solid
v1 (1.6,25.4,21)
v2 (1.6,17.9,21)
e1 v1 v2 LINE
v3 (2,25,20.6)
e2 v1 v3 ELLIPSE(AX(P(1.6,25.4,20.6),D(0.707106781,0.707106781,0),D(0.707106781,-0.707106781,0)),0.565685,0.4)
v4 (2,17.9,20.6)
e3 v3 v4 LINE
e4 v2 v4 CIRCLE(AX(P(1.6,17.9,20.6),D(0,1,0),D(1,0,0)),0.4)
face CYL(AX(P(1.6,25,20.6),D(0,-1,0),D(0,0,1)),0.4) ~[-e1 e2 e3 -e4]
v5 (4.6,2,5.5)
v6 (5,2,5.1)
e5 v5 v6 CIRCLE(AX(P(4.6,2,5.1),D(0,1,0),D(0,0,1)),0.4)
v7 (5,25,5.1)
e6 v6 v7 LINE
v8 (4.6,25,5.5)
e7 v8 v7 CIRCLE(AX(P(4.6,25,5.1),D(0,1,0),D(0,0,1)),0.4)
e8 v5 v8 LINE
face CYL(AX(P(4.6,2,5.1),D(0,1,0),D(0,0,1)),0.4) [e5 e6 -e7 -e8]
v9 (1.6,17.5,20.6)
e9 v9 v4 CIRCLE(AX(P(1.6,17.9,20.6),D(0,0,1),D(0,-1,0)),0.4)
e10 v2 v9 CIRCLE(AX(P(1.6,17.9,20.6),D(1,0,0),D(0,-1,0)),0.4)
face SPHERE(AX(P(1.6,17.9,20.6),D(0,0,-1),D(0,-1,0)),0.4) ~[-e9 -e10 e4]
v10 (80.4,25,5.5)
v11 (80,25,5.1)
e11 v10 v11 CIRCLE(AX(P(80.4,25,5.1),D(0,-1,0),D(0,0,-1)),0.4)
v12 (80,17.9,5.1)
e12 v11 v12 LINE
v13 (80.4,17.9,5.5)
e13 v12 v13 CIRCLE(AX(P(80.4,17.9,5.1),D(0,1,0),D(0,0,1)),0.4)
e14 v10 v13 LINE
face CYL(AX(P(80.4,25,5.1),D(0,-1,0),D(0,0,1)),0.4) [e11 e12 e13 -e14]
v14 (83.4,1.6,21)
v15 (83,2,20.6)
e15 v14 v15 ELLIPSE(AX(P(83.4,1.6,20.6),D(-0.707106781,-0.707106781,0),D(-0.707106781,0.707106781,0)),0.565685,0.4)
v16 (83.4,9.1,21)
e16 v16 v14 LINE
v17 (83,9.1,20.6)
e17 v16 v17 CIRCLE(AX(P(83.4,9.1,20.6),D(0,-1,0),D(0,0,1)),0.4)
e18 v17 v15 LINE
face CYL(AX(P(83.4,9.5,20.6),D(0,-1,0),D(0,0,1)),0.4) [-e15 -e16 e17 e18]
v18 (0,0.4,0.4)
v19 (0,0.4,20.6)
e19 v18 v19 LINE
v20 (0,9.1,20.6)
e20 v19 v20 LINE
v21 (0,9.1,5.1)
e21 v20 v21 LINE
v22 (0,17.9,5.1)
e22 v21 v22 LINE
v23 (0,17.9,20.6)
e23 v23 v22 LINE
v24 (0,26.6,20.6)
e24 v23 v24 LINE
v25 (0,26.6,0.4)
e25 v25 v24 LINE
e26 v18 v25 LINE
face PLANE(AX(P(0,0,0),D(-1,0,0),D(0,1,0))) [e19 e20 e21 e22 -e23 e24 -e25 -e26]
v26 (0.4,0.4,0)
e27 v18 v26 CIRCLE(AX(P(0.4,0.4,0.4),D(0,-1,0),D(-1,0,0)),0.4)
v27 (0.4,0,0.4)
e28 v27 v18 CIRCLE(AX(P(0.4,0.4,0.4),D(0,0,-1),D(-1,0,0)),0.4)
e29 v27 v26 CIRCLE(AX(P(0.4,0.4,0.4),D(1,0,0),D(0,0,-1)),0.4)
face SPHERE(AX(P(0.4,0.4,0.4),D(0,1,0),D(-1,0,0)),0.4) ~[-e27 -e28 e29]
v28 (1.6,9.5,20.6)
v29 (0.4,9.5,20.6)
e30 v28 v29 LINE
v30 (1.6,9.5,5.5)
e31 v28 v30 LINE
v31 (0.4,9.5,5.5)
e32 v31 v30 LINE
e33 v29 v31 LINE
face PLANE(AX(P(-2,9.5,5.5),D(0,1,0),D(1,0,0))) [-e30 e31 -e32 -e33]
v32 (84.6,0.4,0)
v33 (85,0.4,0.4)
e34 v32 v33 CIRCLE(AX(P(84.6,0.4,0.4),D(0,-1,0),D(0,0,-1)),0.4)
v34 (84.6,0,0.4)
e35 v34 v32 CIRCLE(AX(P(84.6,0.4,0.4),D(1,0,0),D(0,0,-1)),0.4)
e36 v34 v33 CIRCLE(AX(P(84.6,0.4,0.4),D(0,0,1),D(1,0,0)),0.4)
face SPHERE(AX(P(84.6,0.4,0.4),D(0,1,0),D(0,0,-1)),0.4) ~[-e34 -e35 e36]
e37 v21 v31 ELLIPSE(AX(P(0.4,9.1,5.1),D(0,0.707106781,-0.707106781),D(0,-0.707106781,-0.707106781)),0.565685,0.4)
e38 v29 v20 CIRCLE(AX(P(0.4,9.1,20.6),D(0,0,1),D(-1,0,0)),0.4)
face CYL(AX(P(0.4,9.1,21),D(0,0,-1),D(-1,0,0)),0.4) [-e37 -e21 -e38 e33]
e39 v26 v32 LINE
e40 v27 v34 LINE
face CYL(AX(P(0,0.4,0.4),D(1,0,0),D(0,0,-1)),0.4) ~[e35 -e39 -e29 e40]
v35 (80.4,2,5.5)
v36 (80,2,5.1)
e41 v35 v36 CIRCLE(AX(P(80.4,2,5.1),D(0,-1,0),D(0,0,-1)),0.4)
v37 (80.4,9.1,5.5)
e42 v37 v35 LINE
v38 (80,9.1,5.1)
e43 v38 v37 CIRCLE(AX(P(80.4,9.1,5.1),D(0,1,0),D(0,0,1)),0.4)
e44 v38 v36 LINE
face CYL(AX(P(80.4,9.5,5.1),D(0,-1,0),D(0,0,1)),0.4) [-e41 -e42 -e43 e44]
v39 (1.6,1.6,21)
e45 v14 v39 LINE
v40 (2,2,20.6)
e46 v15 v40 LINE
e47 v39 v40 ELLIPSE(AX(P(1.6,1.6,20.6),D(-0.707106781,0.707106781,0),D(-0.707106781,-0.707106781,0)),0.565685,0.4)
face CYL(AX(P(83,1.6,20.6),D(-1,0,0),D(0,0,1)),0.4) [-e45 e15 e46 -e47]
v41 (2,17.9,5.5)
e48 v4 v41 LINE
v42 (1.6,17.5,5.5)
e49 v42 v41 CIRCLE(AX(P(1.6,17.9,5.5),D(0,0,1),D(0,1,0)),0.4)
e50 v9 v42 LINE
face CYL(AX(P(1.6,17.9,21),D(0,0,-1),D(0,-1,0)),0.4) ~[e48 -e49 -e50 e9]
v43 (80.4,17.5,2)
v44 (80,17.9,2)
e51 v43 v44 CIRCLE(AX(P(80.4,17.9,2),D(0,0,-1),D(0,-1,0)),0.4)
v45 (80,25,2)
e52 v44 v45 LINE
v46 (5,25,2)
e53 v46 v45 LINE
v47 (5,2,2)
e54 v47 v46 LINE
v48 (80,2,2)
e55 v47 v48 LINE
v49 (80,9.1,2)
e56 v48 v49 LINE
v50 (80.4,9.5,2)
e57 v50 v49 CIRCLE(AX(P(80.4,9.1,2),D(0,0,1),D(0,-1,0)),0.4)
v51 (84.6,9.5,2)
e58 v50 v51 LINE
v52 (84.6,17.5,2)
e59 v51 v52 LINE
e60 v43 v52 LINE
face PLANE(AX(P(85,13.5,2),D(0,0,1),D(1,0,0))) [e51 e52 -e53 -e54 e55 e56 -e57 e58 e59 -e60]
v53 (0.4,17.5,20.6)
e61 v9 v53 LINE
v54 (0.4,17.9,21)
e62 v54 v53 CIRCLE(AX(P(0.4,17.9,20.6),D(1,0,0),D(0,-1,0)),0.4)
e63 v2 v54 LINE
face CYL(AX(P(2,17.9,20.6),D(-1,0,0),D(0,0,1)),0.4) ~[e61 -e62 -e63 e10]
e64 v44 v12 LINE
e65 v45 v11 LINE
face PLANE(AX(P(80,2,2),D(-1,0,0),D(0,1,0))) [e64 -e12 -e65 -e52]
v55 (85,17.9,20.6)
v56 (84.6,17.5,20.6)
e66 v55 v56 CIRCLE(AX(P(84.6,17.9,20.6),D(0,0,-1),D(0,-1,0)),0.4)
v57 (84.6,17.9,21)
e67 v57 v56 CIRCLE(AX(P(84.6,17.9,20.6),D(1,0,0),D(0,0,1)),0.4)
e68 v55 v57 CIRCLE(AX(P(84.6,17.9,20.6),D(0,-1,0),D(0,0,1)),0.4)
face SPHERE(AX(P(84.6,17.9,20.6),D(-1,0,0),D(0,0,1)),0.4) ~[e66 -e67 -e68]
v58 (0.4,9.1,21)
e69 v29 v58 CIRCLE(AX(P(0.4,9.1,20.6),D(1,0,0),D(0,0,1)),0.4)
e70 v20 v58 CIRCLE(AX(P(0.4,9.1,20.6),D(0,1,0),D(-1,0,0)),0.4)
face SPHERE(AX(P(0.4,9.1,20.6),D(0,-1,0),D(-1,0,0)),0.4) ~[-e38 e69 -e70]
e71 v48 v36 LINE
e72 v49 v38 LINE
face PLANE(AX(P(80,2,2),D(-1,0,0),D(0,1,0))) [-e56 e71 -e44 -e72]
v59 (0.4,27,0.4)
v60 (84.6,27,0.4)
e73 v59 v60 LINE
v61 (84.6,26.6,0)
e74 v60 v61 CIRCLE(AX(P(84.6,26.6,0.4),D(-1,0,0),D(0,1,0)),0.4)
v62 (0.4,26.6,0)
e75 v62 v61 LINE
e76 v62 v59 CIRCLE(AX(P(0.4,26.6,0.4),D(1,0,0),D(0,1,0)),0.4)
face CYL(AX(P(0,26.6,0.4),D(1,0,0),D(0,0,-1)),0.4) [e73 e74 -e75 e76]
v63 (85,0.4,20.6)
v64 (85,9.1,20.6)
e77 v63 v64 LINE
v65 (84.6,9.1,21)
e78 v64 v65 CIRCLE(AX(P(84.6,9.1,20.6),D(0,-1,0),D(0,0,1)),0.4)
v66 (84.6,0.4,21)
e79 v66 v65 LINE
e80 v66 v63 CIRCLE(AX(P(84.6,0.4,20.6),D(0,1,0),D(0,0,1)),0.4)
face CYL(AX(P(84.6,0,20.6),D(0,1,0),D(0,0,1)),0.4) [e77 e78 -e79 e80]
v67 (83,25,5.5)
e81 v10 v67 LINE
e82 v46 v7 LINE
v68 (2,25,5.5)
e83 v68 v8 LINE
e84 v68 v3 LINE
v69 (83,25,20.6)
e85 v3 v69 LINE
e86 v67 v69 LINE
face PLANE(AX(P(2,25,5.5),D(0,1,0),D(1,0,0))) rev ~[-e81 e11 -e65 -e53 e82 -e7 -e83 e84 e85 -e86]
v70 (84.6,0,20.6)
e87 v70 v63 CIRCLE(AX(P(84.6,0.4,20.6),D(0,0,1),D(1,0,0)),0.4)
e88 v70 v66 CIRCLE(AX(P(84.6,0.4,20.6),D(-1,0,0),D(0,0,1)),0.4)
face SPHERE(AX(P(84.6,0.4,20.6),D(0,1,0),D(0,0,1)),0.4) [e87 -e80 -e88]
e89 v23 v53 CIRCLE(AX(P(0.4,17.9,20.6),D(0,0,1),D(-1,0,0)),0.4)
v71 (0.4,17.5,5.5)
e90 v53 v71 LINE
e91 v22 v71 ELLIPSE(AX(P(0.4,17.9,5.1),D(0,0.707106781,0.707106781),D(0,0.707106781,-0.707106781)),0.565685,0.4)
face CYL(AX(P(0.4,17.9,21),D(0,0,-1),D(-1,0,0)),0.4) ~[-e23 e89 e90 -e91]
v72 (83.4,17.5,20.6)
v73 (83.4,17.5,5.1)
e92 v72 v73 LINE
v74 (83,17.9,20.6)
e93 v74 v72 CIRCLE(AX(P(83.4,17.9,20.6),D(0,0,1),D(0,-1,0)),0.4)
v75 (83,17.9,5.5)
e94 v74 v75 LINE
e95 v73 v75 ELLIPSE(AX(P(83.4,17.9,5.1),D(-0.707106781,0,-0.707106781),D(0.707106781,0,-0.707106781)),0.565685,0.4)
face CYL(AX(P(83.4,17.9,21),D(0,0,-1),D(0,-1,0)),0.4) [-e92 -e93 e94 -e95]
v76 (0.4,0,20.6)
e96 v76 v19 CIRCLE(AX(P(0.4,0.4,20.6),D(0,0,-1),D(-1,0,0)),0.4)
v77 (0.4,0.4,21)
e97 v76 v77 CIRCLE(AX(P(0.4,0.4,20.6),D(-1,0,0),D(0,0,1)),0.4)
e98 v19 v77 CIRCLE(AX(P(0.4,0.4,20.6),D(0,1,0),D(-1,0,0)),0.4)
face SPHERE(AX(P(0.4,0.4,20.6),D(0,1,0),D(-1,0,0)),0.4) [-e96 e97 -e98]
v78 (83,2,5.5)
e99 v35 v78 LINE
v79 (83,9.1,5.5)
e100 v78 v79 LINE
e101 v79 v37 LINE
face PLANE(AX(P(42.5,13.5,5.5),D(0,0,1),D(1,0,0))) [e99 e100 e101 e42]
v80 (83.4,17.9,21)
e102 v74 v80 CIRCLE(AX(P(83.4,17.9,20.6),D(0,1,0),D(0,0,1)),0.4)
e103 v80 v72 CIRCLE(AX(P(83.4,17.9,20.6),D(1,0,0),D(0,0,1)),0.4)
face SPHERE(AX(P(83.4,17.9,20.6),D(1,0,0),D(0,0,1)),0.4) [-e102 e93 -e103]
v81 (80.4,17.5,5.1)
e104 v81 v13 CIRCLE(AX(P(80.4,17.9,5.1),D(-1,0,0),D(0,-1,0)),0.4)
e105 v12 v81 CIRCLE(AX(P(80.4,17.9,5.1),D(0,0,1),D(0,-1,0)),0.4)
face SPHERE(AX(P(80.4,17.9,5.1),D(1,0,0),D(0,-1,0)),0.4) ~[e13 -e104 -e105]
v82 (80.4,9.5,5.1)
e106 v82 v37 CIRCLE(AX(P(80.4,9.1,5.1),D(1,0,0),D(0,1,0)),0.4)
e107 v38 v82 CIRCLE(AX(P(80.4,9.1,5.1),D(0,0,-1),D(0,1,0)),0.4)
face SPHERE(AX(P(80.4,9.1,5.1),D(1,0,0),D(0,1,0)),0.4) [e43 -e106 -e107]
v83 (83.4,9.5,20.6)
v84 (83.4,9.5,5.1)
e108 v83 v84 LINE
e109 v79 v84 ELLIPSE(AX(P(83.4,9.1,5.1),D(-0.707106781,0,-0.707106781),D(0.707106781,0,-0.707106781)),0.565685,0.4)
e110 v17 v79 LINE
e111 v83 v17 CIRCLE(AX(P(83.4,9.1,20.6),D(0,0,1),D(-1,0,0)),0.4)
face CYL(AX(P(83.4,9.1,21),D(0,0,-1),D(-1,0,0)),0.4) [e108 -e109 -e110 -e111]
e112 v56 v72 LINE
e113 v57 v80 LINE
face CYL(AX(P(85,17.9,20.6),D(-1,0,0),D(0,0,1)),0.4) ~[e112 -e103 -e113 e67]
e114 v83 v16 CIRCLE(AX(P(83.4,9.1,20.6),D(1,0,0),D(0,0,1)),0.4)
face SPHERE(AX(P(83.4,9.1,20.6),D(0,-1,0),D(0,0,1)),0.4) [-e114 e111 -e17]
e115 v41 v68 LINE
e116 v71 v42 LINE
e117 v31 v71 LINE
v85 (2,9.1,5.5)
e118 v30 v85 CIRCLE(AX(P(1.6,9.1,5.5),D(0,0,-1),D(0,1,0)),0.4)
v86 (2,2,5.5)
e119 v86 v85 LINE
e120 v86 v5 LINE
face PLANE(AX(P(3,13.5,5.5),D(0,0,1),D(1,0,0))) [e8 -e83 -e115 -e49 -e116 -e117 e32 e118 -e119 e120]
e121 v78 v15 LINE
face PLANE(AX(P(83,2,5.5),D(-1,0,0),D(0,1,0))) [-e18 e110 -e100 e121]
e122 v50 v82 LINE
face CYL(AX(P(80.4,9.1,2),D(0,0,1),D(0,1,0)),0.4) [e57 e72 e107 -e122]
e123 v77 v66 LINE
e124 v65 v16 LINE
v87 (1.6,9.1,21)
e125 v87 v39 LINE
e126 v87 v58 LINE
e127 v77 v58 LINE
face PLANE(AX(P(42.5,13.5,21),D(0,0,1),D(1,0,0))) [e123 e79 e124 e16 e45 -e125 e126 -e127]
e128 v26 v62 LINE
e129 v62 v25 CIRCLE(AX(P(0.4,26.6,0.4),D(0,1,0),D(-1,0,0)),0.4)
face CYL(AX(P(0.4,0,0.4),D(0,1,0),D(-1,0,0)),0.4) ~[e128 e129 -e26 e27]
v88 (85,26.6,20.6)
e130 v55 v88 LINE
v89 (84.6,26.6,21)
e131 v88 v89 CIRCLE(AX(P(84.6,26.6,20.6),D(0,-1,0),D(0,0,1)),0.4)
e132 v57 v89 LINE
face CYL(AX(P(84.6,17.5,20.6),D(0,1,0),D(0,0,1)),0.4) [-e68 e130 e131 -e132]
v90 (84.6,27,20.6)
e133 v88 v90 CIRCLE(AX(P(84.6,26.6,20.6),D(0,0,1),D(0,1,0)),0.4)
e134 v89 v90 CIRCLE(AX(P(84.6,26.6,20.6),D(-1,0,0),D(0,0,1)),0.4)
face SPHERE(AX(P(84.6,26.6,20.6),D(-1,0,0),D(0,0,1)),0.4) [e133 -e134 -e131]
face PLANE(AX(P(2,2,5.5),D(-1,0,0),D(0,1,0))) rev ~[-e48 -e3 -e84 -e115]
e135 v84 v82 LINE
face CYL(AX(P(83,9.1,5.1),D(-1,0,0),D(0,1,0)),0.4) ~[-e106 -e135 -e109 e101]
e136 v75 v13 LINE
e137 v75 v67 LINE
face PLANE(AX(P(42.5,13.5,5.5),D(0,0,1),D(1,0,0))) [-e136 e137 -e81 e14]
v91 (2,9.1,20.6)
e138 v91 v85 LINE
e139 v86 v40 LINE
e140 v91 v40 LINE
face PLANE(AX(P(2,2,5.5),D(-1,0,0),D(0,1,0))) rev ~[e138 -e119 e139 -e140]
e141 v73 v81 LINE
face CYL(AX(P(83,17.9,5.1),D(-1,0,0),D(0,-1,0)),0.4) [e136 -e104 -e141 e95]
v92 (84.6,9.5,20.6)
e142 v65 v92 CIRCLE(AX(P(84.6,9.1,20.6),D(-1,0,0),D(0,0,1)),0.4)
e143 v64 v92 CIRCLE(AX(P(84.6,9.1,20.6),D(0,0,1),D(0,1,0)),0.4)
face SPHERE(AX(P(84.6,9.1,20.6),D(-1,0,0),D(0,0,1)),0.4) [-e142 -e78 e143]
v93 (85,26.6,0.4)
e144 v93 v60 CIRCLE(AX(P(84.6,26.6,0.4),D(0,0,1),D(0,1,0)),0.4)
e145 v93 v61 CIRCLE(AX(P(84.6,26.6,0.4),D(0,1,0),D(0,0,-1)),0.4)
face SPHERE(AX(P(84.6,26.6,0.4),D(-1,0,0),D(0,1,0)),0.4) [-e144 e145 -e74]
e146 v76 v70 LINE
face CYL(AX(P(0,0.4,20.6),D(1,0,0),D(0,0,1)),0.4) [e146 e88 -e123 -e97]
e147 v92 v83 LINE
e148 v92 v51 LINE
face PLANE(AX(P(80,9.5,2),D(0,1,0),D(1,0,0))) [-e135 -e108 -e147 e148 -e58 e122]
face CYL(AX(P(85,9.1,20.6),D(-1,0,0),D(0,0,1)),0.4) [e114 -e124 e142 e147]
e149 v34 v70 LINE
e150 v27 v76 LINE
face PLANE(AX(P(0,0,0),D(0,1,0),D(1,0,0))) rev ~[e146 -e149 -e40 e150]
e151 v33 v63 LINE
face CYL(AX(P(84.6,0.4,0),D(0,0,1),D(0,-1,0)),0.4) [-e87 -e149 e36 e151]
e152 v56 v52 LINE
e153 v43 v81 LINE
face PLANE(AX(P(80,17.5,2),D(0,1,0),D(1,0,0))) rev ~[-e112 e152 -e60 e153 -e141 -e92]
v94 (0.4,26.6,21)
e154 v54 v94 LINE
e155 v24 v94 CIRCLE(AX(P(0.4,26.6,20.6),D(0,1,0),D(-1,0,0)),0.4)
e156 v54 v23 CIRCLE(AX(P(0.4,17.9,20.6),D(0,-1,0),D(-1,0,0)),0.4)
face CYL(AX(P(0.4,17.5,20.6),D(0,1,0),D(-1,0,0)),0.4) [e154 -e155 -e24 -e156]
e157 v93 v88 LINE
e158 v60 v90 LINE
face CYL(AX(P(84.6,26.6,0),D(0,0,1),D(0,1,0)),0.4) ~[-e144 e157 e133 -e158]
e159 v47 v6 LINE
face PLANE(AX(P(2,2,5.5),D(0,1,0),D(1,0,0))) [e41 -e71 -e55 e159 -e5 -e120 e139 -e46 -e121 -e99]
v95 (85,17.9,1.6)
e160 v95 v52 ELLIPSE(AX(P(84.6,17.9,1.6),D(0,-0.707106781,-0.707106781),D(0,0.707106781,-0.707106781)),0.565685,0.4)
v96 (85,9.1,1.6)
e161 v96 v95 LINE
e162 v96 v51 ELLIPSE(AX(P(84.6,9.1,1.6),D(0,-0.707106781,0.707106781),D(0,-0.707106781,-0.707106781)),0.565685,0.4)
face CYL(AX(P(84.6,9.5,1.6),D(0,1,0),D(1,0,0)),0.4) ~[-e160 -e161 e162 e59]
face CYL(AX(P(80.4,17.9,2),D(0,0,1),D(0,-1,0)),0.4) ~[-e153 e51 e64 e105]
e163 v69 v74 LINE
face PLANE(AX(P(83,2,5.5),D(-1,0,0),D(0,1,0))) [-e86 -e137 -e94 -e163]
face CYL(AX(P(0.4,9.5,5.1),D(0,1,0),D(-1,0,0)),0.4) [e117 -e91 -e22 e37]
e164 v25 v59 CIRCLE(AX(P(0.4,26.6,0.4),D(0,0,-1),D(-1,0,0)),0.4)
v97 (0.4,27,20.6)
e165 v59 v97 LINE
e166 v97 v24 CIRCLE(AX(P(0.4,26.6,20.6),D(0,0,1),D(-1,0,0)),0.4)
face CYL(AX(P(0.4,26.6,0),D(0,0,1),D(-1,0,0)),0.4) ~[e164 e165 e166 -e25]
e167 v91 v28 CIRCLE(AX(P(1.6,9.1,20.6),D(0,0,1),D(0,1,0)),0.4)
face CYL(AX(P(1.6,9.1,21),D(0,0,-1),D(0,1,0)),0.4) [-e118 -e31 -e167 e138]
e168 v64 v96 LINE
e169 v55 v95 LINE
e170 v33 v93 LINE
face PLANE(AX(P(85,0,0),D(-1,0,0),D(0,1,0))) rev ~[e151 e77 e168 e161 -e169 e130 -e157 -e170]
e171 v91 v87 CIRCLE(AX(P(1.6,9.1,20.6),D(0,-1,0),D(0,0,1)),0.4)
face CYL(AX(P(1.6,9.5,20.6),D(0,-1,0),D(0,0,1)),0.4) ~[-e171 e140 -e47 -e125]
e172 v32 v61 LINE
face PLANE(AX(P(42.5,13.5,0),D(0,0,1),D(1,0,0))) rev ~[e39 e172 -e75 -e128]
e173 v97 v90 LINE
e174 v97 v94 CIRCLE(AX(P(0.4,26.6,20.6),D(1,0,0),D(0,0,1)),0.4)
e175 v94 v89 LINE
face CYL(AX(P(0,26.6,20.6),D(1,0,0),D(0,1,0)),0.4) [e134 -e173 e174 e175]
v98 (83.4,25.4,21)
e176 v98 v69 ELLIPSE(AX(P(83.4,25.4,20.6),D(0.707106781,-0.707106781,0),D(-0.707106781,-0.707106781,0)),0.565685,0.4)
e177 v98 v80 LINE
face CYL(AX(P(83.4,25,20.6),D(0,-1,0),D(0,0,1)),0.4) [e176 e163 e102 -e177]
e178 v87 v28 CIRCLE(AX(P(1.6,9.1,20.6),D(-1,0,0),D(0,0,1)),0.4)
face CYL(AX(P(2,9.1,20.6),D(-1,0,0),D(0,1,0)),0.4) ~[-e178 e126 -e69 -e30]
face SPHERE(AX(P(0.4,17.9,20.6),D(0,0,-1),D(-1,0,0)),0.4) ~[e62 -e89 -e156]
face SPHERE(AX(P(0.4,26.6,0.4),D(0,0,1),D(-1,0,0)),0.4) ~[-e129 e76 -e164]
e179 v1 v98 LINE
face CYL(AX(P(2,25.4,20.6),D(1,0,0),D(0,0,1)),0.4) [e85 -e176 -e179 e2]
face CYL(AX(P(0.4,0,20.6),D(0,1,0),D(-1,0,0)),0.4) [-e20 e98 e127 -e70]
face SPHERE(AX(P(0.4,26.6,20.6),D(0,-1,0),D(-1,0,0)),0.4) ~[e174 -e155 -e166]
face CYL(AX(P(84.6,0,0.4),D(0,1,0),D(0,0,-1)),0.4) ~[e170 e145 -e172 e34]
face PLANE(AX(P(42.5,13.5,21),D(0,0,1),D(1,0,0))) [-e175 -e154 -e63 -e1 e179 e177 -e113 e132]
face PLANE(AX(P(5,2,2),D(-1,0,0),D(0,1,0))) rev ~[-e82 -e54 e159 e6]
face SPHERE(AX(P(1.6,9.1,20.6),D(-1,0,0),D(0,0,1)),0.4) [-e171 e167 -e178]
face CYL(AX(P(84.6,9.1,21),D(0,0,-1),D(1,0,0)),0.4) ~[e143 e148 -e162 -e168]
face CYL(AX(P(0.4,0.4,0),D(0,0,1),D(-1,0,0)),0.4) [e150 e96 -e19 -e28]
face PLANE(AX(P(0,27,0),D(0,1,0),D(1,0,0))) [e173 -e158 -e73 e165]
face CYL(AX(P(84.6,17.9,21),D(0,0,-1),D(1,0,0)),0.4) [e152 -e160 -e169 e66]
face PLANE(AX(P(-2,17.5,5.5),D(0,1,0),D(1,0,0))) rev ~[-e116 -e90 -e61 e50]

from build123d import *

# Parameters (mm, degrees)
BOX004_W     = 10
BOX004_H     = 8
BOX004_DEPTH = 30
BOX003_W     = 10
BOX003_H     = 8
BOX003_DEPTH = 30
BOX001_W     = 75
BOX001_H     = 23
BOX001_DEPTH = 30
BOX002_W     = 81
BOX002_H     = 23
BOX002_DEPTH = 30
BOX_W        = 85
BOX_H        = 27
BOX_DEPTH    = 21
FILLET_R     = 0.4


with BuildPart() as cube004:
    # Box004 → Box004 (new body)
    with BuildSketch(Plane(origin=(80, 9.5, 2), x_dir=(1, 0, 0), z_dir=(0, 0, 1))):
        with Locations((5, 4)):
            Rectangle(BOX004_W, BOX004_H)
    extrude(amount=BOX004_DEPTH)


with BuildPart() as cube003:
    # Box003 → Box003 (new body)
    with BuildSketch(Plane(origin=(-2, 9.5, 5.5), x_dir=(1, 0, 0), z_dir=(0, 0, 1))):
        with Locations((5, 4)):
            Rectangle(BOX003_W, BOX003_H)
    extrude(amount=BOX003_DEPTH)


with BuildPart() as cube001:
    # Box001 → Box001 (new body)
    with BuildSketch(Plane(origin=(5, 2, 2), x_dir=(1, 0, 0), z_dir=(0, 0, 1))):
        with Locations((37.5, 11.5)):
            Rectangle(BOX001_W, BOX001_H)
    extrude(amount=BOX001_DEPTH)


with BuildPart() as cube002:
    # Box002 → Box002 (new body)
    with BuildSketch(Plane(origin=(2, 2, 5.5), x_dir=(1, 0, 0), z_dir=(0, 0, 1))):
        with Locations((40.5, 11.5)):
            Rectangle(BOX002_W, BOX002_H)
    extrude(amount=BOX002_DEPTH)


with BuildPart() as fillet_body:
    # Box → Box (new body)
    with BuildSketch(Plane.XY):
        with Locations((42.5, 13.5)):
            Rectangle(BOX_W, BOX_H)
    extrude(amount=BOX_DEPTH)

    # Cut: cut Cube002
    add(cube002.part, mode=Mode.SUBTRACT)

    # Cut001: cut Cube001
    add(cube001.part, mode=Mode.SUBTRACT)

    # Cut002: cut Cube003
    add(cube003.part, mode=Mode.SUBTRACT)

    # Cut003: cut Cube004
    add(cube004.part, mode=Mode.SUBTRACT)

    # Fillet
    fillet_edges = [fillet_body.edges().sort_by_distance(p)[0] for p in [
        (0, 4.75, 21),
        (0, 9.5, 13.25),
        (0, 13.5, 5.5),
        (0, 17.5, 13.25),
        (0, 22.25, 21),
        (0, 27, 10.5),
        (0, 13.5, 0),
        (0, 0, 10.5),
        (1, 9.5, 21),
        (2, 5.75, 21),
        (3.5, 2, 21),
        (42.5, 2, 21),
        (81.5, 2, 21),
        (83, 5.75, 21),
        (84, 9.5, 21),
        (85, 4.75, 21),
        (42.5, 0, 21),
        (2, 9.5, 13.25),
        (2, 17.5, 13.25),
        (1, 17.5, 21),
        (84, 17.5, 21),
        (83, 21.25, 21),
        (81.5, 25, 21),
        (42.5, 25, 21),
        (3.5, 25, 21),
        (2, 21.25, 21),
        (42.5, 27, 21),
        (85, 22.25, 21),
        (42.5, 27, 0),
        (85, 27, 10.5),
        (85, 13.5, 0),
        (42.5, 0, 0),
        (85, 0, 10.5),
        (83, 9.5, 13.25),
        (85, 9.5, 11.5),
        (81.5, 9.5, 5.5),
        (80, 9.5, 3.75),
        (85, 13.5, 2),
        (85, 17.5, 11.5),
        (5, 13.5, 5.5),
        (83, 17.5, 13.25),
        (81.5, 17.5, 5.5),
        (80, 17.5, 3.75),
        (5, 5.75, 5.5),
        (80, 5.75, 5.5),
        (5, 21.25, 5.5),
        (80, 21.25, 5.5),
    ]]
    fillet(fillet_edges, radius=FILLET_R)


solid = fillet_body.part
